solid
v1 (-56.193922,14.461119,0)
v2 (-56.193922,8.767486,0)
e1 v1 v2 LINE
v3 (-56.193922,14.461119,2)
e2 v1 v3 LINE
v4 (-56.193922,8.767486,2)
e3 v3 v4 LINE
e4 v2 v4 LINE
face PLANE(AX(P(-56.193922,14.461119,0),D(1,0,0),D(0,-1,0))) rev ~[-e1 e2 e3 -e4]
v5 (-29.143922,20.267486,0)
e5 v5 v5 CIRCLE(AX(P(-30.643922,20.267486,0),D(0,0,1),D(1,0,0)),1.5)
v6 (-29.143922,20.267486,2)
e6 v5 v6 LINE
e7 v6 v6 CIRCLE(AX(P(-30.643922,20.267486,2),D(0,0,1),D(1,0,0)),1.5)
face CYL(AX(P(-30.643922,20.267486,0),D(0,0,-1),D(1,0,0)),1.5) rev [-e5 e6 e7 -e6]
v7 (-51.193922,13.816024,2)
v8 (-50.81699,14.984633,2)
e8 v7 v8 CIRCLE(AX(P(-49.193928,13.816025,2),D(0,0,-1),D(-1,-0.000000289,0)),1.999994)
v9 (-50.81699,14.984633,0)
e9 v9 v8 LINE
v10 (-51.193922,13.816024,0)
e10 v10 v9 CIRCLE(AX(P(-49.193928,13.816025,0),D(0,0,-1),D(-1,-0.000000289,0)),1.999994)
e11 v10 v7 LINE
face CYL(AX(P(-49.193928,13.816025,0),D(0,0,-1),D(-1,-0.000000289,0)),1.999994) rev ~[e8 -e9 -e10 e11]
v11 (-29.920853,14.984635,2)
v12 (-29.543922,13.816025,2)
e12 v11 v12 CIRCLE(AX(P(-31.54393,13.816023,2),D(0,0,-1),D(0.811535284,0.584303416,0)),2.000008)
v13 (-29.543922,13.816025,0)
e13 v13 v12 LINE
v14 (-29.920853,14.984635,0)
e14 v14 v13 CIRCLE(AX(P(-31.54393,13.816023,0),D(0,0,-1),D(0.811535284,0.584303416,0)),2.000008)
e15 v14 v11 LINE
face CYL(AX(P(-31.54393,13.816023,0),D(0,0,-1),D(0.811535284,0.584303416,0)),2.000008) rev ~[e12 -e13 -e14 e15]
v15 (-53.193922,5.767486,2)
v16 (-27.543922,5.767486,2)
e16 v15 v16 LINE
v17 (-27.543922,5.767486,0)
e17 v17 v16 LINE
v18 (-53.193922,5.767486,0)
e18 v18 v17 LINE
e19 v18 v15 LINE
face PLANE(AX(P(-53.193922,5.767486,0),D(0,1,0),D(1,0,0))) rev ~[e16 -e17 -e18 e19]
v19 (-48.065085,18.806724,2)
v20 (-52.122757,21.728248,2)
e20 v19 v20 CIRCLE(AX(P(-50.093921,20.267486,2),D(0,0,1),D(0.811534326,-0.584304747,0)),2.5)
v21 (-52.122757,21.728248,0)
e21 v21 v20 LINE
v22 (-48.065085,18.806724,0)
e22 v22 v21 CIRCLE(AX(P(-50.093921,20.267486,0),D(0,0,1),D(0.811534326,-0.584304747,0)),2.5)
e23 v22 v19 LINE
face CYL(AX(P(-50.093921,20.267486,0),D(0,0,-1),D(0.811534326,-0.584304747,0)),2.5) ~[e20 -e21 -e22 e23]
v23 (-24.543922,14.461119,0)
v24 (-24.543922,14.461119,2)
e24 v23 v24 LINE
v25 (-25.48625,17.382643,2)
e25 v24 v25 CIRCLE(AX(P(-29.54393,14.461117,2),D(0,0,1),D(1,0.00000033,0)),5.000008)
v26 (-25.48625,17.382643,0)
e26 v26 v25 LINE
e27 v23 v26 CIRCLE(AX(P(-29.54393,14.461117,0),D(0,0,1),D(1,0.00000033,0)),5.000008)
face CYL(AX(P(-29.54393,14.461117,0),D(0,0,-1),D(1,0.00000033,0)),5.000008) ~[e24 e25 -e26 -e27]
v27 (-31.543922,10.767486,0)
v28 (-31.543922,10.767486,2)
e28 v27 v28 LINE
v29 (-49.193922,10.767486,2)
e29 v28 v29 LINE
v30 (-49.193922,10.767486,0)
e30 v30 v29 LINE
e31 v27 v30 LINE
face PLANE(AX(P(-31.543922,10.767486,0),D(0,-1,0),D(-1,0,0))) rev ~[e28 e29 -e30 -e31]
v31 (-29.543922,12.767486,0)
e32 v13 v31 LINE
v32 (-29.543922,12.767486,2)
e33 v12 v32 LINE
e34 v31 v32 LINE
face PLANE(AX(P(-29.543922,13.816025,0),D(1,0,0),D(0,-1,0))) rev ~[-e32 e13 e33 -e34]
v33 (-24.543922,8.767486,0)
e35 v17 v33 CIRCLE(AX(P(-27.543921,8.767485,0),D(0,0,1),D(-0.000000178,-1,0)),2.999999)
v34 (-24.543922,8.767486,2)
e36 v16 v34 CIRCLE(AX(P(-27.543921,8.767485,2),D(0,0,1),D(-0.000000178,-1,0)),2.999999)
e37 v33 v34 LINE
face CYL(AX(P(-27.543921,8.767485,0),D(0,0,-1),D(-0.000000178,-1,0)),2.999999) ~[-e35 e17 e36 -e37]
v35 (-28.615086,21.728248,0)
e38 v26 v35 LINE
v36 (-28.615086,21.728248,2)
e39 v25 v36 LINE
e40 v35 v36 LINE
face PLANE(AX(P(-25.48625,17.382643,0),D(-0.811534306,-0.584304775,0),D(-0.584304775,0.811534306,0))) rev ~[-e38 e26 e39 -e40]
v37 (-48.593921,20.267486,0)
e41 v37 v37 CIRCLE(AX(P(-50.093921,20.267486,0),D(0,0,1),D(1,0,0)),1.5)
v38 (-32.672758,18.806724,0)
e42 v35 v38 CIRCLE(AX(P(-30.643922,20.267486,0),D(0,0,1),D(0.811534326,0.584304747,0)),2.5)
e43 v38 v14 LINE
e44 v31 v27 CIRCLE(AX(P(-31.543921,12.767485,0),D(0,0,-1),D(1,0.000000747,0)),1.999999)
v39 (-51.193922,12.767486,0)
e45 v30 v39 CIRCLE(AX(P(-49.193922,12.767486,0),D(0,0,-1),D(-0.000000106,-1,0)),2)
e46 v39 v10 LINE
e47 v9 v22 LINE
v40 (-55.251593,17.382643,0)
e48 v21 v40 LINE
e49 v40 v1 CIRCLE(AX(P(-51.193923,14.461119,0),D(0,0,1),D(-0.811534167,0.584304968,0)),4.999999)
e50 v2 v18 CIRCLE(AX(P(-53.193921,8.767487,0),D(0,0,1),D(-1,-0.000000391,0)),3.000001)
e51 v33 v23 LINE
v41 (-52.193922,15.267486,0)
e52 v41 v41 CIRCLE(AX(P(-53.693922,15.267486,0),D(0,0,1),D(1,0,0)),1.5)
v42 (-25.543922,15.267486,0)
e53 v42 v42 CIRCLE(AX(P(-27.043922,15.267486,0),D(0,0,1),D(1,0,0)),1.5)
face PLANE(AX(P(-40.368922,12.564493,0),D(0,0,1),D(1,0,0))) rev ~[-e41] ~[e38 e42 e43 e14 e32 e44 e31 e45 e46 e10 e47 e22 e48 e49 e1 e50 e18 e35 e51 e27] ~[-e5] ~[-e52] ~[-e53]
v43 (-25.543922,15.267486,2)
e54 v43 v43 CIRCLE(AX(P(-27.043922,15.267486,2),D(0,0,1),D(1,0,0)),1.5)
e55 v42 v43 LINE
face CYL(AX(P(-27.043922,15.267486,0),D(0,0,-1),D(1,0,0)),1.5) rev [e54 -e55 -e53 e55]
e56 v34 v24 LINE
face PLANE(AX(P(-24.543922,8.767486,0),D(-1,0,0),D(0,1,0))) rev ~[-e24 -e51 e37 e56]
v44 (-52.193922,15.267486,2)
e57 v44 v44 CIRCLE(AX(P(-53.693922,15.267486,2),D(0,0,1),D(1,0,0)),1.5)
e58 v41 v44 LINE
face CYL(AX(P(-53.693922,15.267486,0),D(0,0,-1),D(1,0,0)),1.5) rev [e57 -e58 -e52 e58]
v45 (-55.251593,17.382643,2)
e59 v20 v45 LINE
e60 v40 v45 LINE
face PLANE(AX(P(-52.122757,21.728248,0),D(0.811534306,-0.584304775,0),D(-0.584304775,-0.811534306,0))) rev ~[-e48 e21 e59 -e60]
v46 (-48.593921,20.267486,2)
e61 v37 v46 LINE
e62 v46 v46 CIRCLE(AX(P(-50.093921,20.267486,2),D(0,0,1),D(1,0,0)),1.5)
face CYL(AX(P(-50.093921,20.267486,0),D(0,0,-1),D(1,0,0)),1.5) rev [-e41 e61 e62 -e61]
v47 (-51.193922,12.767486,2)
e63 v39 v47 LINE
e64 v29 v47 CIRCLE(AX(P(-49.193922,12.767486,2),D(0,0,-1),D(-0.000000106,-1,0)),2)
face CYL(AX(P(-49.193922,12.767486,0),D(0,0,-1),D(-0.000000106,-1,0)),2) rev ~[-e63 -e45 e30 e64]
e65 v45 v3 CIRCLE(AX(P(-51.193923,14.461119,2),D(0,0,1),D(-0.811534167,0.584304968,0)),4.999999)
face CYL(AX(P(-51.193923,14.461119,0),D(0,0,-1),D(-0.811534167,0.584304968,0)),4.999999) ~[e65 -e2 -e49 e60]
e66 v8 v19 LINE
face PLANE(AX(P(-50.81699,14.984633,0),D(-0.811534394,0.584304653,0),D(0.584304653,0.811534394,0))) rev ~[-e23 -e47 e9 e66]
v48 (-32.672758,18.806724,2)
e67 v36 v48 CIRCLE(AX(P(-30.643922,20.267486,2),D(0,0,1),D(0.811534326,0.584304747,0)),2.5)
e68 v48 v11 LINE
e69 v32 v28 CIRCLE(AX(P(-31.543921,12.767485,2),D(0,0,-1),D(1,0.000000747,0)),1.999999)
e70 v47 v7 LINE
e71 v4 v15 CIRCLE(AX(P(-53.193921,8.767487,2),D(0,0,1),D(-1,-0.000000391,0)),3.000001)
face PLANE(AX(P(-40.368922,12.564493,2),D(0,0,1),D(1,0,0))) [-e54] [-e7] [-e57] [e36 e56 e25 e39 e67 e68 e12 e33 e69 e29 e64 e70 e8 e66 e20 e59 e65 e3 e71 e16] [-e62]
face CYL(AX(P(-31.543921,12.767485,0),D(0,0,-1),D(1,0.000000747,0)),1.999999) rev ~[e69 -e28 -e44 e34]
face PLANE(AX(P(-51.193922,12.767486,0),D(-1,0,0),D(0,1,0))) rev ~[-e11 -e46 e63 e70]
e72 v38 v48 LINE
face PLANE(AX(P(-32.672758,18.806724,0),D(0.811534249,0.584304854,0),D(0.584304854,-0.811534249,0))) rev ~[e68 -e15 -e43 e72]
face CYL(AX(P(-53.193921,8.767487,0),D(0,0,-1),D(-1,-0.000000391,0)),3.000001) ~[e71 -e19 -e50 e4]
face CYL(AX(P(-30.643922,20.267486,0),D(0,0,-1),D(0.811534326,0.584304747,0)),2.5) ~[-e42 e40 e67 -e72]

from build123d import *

# Parameters (mm, degrees)
F0_R     = 1.5
F1_DEPTH = 2


with BuildPart() as f1:
    # F0 (on Top) → F1 (new body)
    with BuildSketch(Plane.XY):
        with BuildLine():
            ThreePointArc((-56.193922, 8.767486), (-55.315242, 6.646166), (-53.193922, 5.767486))
            Line((-53.193922, 5.767486), (-27.543922, 5.767486))
            ThreePointArc((-27.543922, 5.767486), (-25.422601, 6.646166), (-24.543922, 8.767486))
            Line((-24.543922, 8.767486), (-24.543922, 14.461119))
            ThreePointArc((-24.543922, 14.461119), (-24.785332, 15.995987), (-25.48625, 17.382643))
            Line((-25.48625, 17.382643), (-28.615086, 21.728248))
            ThreePointArc((-28.615086, 21.728248), (-32.104684, 22.296322), (-32.672758, 18.806724))
            Line((-32.672758, 18.806724), (-29.920853, 14.984635))
            ThreePointArc((-29.920853, 14.984635), (-29.640486, 14.429972), (-29.543922, 13.816025))
            Line((-29.543922, 13.816025), (-29.543922, 12.767486))
            ThreePointArc((-29.543922, 12.767486), (-30.129708, 11.353272), (-31.543922, 10.767486))
            Line((-31.543922, 10.767486), (-49.193922, 10.767486))
            ThreePointArc((-49.193922, 10.767486), (-50.608135, 11.353272), (-51.193922, 12.767486))
            Line((-51.193922, 12.767486), (-51.193922, 13.816024))
            ThreePointArc((-51.193922, 13.816024), (-51.097358, 14.429971), (-50.81699, 14.984633))
            Line((-50.81699, 14.984633), (-48.065085, 18.806724))
            ThreePointArc((-48.065085, 18.806724), (-48.633159, 22.296322), (-52.122757, 21.728248))
            Line((-52.122757, 21.728248), (-55.251593, 17.382643))
            ThreePointArc((-55.251593, 17.382643), (-55.952512, 15.995987), (-56.193922, 14.461119))
            Line((-56.193922, 14.461119), (-56.193922, 8.767486))
        make_face()
        with Locations((-53.693922, 15.267486)):
            Circle(F0_R, mode=Mode.SUBTRACT)
        with Locations((-50.093921, 20.267486)):
            Circle(F0_R, mode=Mode.SUBTRACT)
        with Locations((-27.043922, 15.267486)):
            Circle(F0_R, mode=Mode.SUBTRACT)
        with Locations((-30.643922, 20.267486)):
            Circle(F0_R, mode=Mode.SUBTRACT)
    extrude(amount=F1_DEPTH)


solid = f1.part
